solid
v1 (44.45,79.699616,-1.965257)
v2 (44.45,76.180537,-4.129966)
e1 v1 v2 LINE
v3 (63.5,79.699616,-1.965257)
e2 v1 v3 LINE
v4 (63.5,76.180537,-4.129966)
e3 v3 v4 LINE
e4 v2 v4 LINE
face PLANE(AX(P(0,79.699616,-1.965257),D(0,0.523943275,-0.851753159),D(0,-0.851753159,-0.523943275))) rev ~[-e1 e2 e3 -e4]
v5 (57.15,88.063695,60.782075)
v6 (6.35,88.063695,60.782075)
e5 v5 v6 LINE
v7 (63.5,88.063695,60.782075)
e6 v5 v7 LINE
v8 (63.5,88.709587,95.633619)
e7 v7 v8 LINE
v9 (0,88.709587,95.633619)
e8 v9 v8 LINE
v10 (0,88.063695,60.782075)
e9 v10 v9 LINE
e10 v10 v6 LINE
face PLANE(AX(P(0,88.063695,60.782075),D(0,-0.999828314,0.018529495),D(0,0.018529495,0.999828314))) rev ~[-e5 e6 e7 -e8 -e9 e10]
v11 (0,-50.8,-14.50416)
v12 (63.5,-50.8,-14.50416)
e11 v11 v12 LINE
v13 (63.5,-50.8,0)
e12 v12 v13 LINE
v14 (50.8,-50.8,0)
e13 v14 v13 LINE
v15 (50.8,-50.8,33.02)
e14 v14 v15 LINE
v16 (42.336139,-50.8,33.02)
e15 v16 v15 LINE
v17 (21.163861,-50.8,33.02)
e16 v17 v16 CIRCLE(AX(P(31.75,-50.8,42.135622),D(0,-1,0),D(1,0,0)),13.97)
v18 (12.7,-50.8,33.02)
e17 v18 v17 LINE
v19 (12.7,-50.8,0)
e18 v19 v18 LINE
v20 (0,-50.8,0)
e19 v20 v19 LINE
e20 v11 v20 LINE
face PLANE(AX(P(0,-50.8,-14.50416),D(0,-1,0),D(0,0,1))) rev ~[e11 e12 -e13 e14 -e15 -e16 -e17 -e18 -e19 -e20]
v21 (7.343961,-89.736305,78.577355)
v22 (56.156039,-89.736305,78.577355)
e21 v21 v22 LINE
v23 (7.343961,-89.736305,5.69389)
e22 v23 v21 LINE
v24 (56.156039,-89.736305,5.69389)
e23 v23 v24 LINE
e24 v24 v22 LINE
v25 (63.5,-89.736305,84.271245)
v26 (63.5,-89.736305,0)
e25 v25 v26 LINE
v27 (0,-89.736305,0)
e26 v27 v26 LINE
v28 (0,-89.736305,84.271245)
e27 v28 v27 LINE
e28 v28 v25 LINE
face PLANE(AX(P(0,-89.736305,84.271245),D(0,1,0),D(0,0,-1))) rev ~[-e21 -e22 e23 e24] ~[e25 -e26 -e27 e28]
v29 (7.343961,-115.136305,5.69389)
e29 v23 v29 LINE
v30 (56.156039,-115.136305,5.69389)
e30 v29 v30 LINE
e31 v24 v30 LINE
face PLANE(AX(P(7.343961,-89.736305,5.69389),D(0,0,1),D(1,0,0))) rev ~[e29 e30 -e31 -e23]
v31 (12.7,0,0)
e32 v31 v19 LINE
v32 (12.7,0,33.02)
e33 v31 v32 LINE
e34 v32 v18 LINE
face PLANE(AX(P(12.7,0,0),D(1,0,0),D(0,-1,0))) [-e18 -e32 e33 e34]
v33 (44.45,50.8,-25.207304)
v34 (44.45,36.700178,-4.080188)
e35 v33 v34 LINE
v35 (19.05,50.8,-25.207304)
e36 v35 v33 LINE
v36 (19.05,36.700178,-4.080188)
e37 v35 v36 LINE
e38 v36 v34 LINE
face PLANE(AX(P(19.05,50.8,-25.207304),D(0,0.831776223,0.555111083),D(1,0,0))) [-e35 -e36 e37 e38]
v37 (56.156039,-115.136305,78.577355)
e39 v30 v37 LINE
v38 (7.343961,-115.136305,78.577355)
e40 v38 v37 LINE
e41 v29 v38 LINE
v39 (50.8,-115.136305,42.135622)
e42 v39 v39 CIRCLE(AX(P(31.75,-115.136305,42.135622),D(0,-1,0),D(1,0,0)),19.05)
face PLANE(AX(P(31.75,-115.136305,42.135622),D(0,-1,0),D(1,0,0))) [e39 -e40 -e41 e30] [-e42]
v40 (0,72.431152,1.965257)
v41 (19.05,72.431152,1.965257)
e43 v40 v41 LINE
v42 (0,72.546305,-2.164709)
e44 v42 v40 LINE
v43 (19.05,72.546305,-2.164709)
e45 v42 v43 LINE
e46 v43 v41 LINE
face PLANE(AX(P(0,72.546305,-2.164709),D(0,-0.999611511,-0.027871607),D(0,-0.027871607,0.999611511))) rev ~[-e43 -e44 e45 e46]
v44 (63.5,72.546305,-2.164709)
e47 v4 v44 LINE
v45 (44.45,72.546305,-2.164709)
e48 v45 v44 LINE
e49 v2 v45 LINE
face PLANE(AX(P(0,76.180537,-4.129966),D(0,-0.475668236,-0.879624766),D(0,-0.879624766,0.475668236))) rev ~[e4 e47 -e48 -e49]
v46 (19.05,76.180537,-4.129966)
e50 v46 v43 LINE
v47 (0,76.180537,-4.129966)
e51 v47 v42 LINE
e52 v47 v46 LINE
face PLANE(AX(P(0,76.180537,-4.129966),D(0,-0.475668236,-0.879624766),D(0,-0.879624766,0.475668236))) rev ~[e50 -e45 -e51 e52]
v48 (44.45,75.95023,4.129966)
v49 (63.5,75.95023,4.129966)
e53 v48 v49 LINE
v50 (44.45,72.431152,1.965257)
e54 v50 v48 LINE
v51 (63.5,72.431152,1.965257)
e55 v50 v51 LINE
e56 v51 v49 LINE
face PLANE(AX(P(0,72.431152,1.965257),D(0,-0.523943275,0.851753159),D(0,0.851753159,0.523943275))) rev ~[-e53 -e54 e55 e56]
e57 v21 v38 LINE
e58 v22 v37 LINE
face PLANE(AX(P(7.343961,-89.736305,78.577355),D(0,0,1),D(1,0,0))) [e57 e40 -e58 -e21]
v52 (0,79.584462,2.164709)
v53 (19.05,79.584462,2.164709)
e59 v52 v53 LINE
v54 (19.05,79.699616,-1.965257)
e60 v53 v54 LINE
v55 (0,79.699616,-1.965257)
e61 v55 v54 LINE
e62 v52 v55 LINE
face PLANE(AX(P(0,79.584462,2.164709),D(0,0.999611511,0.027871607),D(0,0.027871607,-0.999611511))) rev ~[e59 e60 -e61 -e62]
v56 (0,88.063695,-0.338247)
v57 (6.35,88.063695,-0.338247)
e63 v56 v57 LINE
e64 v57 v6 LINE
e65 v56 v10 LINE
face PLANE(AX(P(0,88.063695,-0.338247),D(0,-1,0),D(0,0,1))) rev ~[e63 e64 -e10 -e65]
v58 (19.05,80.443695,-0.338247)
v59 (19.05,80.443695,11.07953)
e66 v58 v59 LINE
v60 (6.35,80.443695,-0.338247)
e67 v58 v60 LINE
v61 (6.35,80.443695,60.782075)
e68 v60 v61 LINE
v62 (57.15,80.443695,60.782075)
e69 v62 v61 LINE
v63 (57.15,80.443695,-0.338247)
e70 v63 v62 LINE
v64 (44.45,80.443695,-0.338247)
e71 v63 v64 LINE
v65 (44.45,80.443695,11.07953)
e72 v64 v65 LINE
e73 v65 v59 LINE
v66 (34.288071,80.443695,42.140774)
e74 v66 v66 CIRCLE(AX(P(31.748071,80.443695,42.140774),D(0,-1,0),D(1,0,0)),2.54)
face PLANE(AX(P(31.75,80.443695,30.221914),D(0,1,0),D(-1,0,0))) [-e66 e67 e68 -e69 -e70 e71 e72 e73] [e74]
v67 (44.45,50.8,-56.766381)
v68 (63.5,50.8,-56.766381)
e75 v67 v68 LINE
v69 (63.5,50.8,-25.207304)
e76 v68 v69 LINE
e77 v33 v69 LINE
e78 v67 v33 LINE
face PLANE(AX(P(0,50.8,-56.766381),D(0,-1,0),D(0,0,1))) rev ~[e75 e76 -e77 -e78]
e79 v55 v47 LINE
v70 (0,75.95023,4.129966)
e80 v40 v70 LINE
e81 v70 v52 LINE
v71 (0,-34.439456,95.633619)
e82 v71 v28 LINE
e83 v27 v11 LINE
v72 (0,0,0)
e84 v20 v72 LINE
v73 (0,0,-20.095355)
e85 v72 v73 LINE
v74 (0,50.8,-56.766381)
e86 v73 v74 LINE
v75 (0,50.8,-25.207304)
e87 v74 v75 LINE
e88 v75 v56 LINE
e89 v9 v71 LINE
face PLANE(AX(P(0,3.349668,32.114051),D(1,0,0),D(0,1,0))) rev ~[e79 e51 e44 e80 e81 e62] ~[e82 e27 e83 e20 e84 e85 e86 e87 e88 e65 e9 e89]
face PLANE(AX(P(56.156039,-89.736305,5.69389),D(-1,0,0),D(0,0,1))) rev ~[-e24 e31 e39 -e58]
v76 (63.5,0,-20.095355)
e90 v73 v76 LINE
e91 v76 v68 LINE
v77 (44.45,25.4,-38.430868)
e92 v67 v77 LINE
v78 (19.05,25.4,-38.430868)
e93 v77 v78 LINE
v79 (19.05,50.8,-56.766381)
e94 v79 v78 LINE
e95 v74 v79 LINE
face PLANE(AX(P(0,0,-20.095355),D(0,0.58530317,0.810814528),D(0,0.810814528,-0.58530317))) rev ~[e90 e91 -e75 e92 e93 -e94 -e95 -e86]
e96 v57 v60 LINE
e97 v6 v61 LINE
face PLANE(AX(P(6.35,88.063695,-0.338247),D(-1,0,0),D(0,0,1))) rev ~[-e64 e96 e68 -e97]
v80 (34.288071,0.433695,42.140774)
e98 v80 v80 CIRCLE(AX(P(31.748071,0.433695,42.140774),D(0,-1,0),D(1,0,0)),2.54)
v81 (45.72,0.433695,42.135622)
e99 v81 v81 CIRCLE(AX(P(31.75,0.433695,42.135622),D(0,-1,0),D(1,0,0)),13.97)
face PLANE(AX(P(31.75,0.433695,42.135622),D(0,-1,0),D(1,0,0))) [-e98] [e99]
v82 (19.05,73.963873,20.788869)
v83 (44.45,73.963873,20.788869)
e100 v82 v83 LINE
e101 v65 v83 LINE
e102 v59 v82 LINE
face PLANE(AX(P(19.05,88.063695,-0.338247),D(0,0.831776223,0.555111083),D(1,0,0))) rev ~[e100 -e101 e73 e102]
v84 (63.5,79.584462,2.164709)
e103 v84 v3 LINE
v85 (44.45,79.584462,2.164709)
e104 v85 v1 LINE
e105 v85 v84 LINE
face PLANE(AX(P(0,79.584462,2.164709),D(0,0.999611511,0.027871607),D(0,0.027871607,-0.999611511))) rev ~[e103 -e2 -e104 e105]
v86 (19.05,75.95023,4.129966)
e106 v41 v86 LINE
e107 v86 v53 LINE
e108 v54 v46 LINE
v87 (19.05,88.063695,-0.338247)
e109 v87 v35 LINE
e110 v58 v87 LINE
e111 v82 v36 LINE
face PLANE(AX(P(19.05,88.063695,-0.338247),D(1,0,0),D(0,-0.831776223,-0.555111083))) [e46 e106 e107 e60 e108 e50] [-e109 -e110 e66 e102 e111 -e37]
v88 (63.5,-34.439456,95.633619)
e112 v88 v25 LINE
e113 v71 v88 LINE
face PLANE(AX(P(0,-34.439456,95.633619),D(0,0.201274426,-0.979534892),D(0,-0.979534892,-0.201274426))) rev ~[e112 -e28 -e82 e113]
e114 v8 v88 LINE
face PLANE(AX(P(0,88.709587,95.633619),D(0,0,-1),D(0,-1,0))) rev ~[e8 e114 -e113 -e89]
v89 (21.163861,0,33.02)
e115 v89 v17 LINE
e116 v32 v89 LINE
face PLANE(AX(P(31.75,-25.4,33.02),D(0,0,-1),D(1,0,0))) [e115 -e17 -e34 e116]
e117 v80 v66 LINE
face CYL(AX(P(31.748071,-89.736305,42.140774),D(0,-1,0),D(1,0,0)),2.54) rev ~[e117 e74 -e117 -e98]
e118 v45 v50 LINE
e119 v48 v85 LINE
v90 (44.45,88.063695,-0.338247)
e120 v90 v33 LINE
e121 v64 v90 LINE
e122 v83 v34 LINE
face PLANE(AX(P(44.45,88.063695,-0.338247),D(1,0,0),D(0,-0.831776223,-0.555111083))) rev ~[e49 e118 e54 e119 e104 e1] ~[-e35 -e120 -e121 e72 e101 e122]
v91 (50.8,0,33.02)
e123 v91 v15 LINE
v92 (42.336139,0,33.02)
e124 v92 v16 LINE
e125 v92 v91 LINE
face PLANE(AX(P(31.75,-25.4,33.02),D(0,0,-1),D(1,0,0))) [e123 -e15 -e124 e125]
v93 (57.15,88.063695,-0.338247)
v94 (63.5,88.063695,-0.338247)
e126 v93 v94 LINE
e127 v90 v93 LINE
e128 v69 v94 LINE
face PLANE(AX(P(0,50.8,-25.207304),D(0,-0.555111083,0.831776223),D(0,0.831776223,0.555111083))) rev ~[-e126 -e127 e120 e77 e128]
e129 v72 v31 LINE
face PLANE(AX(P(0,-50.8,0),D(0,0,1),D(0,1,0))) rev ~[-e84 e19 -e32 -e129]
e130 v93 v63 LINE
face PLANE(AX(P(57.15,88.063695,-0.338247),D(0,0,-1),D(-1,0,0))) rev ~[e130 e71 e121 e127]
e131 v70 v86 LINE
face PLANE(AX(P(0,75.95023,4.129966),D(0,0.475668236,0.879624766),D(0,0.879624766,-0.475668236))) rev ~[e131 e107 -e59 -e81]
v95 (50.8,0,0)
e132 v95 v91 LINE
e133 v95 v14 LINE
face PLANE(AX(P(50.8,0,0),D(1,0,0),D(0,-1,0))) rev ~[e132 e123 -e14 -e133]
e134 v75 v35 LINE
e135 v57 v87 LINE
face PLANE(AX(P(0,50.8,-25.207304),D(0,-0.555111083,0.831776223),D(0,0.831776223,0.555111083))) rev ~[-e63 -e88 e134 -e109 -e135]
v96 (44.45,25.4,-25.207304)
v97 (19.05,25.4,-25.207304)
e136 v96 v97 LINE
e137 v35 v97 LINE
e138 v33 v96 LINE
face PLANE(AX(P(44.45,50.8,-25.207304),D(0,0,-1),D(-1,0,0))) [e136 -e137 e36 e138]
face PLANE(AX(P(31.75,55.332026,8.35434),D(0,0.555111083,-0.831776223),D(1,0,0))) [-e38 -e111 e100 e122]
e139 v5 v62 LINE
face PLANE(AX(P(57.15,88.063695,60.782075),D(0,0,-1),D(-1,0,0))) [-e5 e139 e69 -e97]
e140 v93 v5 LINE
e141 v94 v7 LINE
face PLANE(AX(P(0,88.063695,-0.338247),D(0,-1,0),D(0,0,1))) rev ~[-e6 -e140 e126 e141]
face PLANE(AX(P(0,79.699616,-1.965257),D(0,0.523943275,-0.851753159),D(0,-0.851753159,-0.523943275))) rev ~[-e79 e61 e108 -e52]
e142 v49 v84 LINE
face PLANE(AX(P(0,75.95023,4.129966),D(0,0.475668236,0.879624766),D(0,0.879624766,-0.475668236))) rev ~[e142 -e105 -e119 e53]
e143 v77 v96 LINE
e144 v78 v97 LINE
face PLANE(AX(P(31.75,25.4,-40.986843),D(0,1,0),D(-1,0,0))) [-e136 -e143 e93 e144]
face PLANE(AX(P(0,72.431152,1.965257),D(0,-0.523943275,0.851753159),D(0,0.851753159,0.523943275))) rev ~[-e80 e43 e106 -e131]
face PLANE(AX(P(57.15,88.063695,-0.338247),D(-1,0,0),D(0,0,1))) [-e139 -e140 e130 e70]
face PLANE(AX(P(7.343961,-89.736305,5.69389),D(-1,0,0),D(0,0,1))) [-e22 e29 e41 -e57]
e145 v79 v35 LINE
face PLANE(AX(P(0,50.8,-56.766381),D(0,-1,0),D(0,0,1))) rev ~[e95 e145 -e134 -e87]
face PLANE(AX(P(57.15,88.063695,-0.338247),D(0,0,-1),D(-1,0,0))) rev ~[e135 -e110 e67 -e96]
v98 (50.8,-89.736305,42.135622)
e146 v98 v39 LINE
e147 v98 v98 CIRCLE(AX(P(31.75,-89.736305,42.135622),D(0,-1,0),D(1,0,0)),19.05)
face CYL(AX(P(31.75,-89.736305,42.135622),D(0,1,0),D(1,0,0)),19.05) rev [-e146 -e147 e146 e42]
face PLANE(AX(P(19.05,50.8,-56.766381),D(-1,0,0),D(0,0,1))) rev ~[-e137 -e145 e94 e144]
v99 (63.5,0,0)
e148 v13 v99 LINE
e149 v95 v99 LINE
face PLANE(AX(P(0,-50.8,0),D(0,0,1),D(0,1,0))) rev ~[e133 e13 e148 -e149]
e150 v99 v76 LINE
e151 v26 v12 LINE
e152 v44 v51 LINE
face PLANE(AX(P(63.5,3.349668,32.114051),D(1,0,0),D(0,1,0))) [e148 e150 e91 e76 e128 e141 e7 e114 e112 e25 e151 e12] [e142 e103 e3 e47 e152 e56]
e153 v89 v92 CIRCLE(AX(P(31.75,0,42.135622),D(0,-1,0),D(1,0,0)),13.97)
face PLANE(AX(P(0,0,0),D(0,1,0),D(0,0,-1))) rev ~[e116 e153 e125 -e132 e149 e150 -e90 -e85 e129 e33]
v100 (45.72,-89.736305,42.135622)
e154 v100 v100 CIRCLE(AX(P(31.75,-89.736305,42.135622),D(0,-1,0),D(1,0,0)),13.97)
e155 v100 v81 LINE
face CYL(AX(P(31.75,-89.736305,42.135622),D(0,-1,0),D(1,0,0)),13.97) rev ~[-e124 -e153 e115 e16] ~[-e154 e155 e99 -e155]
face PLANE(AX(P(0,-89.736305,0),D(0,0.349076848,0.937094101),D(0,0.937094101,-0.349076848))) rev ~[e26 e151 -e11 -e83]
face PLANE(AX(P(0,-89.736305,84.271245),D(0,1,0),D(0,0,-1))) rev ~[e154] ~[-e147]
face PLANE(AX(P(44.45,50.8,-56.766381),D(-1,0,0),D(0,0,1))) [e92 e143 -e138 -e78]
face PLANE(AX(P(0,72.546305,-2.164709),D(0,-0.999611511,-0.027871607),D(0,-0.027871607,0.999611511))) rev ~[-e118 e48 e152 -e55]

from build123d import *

# Parameters (mm, degrees)
F1_DEPTH  = 63.5
F2_W      = 25.4
F2_H      = 44.800144308
F3_DEPTH  = 25.4
F4_W      = 25.4
F4_H      = 31.5590774218
F5_DEPTH  = 25.4
F6_W      = 48.812078476
F6_H      = 72.883464396
F6_R      = 19.05
F7_DEPTH  = 25.4
F6_R_2    = 13.97
F8_DEPTH  = 90.17
F9_W      = 38.1
F9_H      = 50.8
F10_DEPTH = 33.02
F11_W     = 50.8
F11_H     = 61.1203222922
F12_DEPTH = 7.62
F13_R     = 2.54
F14_DEPTH = 584.2


with BuildPart() as f1:
    # F0 (on Right) → F1 (new body)
    with BuildSketch(Plane.YZ):
        Polygon((88.0636948228, -0.3382474043), (88.0636948228, 60.7820748879), (88.7095872307, 95.6336185336), (-34.4394557178, 95.6336185336), (-89.7363051772, 84.2712447047), (-89.7363051772, 0), (-50.8, -14.504159911), (-50.8, 0), (0, 0), (0, -20.0953550052), (50.8, -56.7663814664), (50.8, -25.2073040446), align=None)
        Polygon((72.5463054062, -2.1647087139), (72.4311518908, 1.9652569746), (75.9502303361, 4.1299656885), (79.5844622969, 2.1647087139), (79.6996158123, -1.9652569746), (76.1805373669, -4.1299656885), align=None, mode=Mode.SUBTRACT)
    extrude(amount=F1_DEPTH)

    # F2 (on face) → F3 (cut)
    with BuildSketch(Plane(origin=(0, 27.2928575232, -40.895508354), x_dir=(1, 0, 0), z_dir=(0, 0.5551110833, -0.831776223))):
        with Locations((31.75, -50.6614504268)):
            Rectangle(F2_W, F2_H)
    extrude(amount=-F3_DEPTH, mode=Mode.SUBTRACT)

    # F4 (on face) → F5 (cut)
    with BuildSketch(Plane(origin=(0, 50.8, 0), x_dir=(-1, 0, 0), z_dir=(0, 1, 0))):
        with Locations((-31.75, -40.9868427555)):
            Rectangle(F4_W, F4_H)
    extrude(amount=-F5_DEPTH, mode=Mode.SUBTRACT)

    # F6 (on face) → F7 (join)
    with BuildSketch(Plane.XZ.offset(89.7363051772)):
        with Locations((31.75, 42.1356223524)):
            Rectangle(F6_W, F6_H)
        with Locations((31.75, 42.1356223524)):
            Circle(F6_R, mode=Mode.SUBTRACT)
    extrude(amount=F7_DEPTH)

    # F6 (on face) → F8 (cut)
    with BuildSketch(Plane.XZ.offset(89.7363051772)):
        with Locations((31.75, 42.1356223524)):
            Circle(F6_R_2)
    extrude(amount=-F8_DEPTH, mode=Mode.SUBTRACT)

    # F9 (on face) → F10 (cut)
    with BuildSketch(Plane(origin=(0, 0, 0), x_dir=(1, 0, 0), z_dir=(0, 0, -1))):
        with Locations((31.75, 25.4)):
            Rectangle(F9_W, F9_H)
    extrude(amount=-F10_DEPTH, mode=Mode.SUBTRACT)

    # F11 (on face) → F12 (cut)
    with BuildSketch(Plane(origin=(0, 88.0636948228, 0), x_dir=(-1, 0, 0), z_dir=(0, 1, 0))):
        with Locations((-31.75, 30.2219137418)):
            Rectangle(F11_W, F11_H)
    extrude(amount=-F12_DEPTH, mode=Mode.SUBTRACT)

    # F13 (on face) → F14 (cut)
    with BuildSketch(Plane.XZ.offset(89.7363051772)):
        with Locations((31.7480713129, 42.1407744288)):
            Circle(F13_R)
    extrude(amount=-F14_DEPTH, mode=Mode.SUBTRACT)


solid = f1.part
